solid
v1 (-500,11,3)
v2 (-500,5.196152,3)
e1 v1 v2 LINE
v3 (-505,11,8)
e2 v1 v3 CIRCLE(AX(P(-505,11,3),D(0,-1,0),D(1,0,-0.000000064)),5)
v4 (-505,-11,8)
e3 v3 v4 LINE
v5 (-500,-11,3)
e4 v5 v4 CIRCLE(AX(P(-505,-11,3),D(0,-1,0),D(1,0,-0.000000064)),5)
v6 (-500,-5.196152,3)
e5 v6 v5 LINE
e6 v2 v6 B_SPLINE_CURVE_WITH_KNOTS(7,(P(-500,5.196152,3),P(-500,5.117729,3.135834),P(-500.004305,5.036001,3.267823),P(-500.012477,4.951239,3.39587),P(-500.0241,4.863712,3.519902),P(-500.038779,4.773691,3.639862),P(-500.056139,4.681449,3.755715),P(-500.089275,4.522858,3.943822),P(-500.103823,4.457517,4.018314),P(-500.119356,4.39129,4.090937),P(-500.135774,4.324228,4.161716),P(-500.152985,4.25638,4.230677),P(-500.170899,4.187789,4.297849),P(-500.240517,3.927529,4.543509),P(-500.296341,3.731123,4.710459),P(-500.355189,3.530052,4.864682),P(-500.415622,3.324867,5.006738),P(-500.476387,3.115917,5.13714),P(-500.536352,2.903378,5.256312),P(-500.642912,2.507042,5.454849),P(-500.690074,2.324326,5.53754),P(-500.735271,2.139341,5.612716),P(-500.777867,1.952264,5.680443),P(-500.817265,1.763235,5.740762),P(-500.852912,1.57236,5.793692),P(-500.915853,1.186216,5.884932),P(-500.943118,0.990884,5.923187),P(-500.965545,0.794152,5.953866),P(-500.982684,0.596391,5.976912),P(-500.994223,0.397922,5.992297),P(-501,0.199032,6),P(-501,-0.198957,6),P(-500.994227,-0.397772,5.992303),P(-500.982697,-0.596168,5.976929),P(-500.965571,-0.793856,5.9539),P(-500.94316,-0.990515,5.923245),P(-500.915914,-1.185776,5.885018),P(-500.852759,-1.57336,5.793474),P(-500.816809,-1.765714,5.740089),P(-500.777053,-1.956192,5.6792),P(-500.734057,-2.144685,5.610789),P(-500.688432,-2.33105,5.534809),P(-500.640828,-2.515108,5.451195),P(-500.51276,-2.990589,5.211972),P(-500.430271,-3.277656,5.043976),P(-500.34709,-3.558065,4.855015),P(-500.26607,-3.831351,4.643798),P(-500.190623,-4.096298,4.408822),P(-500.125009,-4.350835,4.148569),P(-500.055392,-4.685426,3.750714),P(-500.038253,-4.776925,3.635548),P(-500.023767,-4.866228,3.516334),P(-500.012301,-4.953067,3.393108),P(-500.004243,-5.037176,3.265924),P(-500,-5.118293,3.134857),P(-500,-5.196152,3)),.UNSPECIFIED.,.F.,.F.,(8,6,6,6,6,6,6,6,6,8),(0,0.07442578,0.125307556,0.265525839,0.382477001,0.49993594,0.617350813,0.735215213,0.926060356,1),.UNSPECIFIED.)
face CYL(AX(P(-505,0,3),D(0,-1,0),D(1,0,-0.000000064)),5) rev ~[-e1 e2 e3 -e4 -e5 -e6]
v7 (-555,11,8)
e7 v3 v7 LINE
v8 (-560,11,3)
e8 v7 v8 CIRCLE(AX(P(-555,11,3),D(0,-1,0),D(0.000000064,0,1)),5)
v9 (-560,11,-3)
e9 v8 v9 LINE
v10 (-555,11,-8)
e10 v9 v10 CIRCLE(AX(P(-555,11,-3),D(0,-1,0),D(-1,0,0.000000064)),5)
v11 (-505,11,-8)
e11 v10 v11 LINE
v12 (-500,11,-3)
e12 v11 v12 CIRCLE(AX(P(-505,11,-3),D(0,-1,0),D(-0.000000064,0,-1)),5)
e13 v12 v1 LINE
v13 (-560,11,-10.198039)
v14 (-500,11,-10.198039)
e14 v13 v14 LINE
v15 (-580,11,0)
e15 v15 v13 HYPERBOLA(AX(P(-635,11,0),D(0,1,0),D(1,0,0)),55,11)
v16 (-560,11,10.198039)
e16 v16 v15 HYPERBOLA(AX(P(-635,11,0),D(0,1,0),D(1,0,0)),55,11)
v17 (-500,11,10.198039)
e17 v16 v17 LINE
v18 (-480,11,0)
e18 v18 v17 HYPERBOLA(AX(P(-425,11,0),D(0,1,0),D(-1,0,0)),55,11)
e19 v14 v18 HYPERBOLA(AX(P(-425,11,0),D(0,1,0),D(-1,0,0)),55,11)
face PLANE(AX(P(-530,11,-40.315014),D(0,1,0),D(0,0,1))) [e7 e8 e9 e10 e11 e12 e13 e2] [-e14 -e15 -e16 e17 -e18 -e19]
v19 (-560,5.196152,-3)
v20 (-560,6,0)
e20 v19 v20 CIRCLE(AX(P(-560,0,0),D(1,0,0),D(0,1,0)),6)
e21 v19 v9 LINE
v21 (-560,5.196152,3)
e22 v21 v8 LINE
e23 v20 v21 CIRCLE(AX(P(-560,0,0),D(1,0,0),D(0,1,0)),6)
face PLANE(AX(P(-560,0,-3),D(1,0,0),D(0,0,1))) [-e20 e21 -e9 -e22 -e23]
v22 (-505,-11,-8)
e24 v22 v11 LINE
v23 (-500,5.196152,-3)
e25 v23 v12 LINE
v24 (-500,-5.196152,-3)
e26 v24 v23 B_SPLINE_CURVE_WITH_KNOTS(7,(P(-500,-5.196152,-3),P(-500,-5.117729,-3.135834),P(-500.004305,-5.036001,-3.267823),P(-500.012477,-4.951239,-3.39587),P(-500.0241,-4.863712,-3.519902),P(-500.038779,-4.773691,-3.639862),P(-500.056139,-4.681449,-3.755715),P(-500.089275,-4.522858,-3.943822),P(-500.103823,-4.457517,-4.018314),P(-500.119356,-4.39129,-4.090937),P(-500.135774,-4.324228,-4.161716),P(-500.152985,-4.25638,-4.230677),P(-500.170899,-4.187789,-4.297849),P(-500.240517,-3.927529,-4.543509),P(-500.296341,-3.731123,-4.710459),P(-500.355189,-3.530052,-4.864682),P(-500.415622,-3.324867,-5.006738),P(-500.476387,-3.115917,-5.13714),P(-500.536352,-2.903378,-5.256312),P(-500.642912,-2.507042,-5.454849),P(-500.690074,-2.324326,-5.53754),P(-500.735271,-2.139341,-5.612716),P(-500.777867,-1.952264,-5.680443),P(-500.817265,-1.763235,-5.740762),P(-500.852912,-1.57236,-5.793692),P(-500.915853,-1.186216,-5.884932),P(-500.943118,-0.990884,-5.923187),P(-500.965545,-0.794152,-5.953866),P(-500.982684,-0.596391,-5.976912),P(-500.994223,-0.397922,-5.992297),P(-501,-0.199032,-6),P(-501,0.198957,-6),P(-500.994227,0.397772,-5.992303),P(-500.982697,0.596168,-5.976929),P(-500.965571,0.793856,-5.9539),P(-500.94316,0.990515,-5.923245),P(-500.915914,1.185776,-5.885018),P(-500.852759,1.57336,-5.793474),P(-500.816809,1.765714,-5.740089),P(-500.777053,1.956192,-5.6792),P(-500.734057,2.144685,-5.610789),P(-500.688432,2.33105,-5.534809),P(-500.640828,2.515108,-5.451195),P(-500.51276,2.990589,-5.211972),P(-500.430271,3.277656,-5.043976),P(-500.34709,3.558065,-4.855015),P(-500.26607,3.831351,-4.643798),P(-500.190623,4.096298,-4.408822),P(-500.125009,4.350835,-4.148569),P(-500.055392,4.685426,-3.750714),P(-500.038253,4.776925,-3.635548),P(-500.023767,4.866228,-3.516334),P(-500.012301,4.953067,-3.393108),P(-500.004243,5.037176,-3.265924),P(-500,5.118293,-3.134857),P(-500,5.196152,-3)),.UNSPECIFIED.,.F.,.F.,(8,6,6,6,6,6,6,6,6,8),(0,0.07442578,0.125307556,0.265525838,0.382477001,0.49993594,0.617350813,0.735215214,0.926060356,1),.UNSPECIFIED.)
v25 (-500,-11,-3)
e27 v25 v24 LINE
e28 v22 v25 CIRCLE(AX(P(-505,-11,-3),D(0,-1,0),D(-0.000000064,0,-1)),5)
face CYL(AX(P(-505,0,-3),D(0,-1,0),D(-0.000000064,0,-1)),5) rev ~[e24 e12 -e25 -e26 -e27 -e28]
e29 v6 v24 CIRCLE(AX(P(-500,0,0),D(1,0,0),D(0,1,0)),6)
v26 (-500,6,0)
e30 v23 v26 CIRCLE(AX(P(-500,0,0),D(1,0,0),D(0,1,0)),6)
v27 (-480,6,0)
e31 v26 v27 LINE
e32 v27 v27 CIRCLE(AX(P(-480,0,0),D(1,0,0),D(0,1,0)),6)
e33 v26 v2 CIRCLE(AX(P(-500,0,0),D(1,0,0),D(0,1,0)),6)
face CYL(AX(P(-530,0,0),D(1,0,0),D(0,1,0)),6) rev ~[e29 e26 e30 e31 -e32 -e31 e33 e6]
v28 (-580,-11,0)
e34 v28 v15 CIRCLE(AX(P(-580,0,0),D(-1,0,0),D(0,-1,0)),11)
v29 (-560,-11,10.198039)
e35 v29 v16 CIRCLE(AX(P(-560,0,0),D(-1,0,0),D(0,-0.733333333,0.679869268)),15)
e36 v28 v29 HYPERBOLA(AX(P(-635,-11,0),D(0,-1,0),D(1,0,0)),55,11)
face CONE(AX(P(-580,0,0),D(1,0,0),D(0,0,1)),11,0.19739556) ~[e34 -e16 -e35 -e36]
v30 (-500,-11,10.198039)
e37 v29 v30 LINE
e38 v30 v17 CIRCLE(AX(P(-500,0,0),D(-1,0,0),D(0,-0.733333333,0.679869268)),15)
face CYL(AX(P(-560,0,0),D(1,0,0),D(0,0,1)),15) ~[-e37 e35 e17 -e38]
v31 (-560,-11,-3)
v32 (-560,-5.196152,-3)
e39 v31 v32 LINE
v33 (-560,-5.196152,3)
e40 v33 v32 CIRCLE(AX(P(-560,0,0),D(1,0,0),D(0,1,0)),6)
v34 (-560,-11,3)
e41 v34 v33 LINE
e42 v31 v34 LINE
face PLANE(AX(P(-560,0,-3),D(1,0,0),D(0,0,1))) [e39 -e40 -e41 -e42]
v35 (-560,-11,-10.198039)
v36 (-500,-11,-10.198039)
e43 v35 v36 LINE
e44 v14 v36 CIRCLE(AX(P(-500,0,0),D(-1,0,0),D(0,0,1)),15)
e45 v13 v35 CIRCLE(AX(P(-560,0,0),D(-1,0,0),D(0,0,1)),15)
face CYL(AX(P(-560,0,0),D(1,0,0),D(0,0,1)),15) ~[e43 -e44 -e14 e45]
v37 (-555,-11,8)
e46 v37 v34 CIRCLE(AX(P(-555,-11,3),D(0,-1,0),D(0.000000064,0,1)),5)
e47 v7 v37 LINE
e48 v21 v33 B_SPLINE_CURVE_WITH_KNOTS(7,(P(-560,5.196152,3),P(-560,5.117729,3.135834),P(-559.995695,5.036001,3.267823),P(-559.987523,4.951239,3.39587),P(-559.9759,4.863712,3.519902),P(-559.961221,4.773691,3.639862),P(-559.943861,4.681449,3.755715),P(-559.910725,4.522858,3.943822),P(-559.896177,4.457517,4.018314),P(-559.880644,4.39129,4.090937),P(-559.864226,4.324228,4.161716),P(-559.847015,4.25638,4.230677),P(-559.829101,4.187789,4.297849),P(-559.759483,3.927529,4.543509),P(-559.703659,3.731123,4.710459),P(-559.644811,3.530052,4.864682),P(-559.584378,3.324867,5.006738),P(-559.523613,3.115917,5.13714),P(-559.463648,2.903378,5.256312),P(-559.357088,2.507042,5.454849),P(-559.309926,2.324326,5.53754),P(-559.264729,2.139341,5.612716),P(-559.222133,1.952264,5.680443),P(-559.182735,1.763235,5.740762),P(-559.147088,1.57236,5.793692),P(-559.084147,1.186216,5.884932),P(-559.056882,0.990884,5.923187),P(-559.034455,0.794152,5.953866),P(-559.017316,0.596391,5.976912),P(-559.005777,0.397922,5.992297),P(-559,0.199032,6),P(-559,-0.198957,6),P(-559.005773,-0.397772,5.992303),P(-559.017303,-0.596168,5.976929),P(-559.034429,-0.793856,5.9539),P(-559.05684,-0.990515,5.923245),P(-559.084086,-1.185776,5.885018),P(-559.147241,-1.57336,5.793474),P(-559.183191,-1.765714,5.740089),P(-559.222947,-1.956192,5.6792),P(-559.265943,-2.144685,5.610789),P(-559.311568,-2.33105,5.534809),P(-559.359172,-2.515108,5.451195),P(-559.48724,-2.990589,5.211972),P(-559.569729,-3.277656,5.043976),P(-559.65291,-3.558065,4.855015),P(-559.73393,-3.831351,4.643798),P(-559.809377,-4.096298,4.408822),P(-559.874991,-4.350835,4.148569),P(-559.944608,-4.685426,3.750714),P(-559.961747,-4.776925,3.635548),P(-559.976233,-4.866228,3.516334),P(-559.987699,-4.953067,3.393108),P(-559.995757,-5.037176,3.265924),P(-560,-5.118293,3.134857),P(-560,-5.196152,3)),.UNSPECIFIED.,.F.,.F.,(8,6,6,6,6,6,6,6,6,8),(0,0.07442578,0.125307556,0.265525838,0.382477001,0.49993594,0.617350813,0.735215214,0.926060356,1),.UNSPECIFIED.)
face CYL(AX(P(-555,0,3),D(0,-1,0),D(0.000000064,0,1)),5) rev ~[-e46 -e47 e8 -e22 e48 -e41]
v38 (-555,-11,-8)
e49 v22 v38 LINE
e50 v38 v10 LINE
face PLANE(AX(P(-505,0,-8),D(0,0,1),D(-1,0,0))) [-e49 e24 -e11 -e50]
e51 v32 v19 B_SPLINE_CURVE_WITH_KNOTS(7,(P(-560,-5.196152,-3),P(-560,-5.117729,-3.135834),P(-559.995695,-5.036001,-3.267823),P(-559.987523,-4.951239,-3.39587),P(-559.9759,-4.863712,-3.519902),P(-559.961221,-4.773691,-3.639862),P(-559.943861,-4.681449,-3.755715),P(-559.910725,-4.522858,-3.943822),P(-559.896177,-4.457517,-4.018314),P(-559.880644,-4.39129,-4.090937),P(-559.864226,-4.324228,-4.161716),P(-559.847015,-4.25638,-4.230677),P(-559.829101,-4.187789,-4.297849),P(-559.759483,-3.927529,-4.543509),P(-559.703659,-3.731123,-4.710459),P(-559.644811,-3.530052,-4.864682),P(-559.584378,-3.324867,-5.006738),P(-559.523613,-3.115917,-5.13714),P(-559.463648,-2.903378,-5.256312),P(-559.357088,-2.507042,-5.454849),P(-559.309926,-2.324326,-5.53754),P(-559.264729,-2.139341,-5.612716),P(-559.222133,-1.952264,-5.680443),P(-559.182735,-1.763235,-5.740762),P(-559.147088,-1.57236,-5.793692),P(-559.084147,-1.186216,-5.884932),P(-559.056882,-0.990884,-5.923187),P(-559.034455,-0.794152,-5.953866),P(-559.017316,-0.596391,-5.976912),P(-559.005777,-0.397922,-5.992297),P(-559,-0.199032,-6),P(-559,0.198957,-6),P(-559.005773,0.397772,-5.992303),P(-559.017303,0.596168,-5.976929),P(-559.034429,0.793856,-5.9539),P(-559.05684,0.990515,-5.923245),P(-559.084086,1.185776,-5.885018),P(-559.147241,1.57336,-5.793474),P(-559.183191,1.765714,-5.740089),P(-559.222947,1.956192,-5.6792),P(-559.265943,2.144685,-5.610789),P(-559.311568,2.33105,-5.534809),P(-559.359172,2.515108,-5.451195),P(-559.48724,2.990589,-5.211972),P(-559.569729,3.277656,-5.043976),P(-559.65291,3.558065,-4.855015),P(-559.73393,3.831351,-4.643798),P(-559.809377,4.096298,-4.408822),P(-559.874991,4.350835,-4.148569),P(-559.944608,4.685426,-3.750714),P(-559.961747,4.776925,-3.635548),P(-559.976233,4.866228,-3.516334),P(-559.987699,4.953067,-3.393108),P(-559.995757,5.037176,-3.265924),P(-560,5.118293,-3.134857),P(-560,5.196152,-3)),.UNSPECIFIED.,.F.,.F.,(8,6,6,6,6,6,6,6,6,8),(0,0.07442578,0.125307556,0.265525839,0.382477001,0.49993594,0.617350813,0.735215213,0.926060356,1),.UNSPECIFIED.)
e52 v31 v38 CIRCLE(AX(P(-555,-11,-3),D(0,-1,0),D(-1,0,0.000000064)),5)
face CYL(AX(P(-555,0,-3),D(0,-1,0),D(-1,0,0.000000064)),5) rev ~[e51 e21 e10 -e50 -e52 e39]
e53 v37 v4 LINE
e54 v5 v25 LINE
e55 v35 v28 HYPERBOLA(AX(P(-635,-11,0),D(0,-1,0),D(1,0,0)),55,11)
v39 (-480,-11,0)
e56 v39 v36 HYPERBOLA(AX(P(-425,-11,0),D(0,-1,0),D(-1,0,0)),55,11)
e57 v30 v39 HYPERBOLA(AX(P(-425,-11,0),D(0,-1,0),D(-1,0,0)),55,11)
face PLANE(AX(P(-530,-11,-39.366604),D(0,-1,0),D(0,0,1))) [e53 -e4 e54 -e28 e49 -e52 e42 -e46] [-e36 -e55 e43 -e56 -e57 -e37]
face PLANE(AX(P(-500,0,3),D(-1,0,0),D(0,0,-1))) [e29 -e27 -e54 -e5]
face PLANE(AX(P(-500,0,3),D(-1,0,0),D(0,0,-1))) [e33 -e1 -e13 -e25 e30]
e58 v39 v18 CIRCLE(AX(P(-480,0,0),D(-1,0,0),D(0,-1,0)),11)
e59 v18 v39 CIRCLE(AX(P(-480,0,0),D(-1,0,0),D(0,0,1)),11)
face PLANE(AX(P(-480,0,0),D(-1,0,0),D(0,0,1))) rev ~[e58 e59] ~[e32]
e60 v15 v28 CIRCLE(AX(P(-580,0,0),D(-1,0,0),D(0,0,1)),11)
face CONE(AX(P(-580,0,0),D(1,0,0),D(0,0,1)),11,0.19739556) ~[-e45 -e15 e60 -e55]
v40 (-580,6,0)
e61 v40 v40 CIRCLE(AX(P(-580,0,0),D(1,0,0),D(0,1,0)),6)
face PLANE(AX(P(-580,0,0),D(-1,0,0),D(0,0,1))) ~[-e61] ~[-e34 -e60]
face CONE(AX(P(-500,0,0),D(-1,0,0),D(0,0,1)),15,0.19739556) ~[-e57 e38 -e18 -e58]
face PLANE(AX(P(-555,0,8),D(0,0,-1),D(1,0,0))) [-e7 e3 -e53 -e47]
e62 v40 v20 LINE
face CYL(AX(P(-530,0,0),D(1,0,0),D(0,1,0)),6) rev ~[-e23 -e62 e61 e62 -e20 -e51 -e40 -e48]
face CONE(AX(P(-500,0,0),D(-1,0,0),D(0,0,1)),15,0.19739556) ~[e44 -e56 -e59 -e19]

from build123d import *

# Parameters (mm, degrees)
SKETCH031_R      = 6
EXTRUDE026_DEPTH = 150
EXTRUDE025_DEPTH = 30
SKETCH029_W      = 15
SKETCH029_H      = 79.05159
SKETCH029_H_2    = 80
EXTRUDE024_DEPTH = 150


with BuildPart() as extrude027:
    # Sketch031 → Extrude026 (new body, symmetric)
    with BuildSketch(Plane.YZ):
        Circle(SKETCH031_R)
    extrude(amount=EXTRUDE026_DEPTH, both=True)


with BuildPart() as extrude026:
    # Sketch030 → Extrude025 (new body, symmetric)
    with BuildSketch(Plane.XZ):
        with BuildLine():
            Line((30, 3), (30, -3))
            ThreePointArc((25, -8), (28.535534, -6.535534), (30, -3))
            Line((25, -8), (-25, -8))
            ThreePointArc((-30, -3), (-28.535534, -6.535534), (-25, -8))
            Line((-30, -3), (-30, 3))
            ThreePointArc((-25, 8), (-28.535534, 6.535534), (-30, 3))
            Line((-25, 8), (25, 8))
            ThreePointArc((30, 3), (28.535534, 6.535534), (25, 8))
        make_face()
    extrude(amount=EXTRUDE025_DEPTH, both=True)


with BuildPart() as extrude025:
    # Sketch029 → Extrude024 (new body, symmetric)
    with BuildSketch(Plane.YZ):
        with Locations((-18.5, 0.159191)):
            Rectangle(SKETCH029_W, SKETCH029_H)
        with Locations((18.5, -0.315014)):
            Rectangle(SKETCH029_W, SKETCH029_H_2)
    extrude(amount=EXTRUDE024_DEPTH, both=True)


with BuildPart() as turnbackle002:
    # Sketch028 → Revolve004 (revolve)
    with BuildSketch(Plane.XZ):
        Polygon((-50, 0), (-50, 11), (-30, 15), (30, 15), (50, 11), (50, 0), align=None)
    revolve(axis=Axis((-50, 0, 0), (-1, 0, 0)))

    # Cut012: cut Extrude025
    add(extrude025.part, mode=Mode.SUBTRACT)

    # Cut013: cut Extrude026
    add(extrude026.part, mode=Mode.SUBTRACT)

    # Cut014: cut Extrude027
    add(extrude027.part, mode=Mode.SUBTRACT)


with BuildPart() as turnbackle002_1:
    # Cut014 placement: moved
    add(turnbackle002.part.moved(Location((-530, 0, 0))))


solid = turnbackle002_1.part
